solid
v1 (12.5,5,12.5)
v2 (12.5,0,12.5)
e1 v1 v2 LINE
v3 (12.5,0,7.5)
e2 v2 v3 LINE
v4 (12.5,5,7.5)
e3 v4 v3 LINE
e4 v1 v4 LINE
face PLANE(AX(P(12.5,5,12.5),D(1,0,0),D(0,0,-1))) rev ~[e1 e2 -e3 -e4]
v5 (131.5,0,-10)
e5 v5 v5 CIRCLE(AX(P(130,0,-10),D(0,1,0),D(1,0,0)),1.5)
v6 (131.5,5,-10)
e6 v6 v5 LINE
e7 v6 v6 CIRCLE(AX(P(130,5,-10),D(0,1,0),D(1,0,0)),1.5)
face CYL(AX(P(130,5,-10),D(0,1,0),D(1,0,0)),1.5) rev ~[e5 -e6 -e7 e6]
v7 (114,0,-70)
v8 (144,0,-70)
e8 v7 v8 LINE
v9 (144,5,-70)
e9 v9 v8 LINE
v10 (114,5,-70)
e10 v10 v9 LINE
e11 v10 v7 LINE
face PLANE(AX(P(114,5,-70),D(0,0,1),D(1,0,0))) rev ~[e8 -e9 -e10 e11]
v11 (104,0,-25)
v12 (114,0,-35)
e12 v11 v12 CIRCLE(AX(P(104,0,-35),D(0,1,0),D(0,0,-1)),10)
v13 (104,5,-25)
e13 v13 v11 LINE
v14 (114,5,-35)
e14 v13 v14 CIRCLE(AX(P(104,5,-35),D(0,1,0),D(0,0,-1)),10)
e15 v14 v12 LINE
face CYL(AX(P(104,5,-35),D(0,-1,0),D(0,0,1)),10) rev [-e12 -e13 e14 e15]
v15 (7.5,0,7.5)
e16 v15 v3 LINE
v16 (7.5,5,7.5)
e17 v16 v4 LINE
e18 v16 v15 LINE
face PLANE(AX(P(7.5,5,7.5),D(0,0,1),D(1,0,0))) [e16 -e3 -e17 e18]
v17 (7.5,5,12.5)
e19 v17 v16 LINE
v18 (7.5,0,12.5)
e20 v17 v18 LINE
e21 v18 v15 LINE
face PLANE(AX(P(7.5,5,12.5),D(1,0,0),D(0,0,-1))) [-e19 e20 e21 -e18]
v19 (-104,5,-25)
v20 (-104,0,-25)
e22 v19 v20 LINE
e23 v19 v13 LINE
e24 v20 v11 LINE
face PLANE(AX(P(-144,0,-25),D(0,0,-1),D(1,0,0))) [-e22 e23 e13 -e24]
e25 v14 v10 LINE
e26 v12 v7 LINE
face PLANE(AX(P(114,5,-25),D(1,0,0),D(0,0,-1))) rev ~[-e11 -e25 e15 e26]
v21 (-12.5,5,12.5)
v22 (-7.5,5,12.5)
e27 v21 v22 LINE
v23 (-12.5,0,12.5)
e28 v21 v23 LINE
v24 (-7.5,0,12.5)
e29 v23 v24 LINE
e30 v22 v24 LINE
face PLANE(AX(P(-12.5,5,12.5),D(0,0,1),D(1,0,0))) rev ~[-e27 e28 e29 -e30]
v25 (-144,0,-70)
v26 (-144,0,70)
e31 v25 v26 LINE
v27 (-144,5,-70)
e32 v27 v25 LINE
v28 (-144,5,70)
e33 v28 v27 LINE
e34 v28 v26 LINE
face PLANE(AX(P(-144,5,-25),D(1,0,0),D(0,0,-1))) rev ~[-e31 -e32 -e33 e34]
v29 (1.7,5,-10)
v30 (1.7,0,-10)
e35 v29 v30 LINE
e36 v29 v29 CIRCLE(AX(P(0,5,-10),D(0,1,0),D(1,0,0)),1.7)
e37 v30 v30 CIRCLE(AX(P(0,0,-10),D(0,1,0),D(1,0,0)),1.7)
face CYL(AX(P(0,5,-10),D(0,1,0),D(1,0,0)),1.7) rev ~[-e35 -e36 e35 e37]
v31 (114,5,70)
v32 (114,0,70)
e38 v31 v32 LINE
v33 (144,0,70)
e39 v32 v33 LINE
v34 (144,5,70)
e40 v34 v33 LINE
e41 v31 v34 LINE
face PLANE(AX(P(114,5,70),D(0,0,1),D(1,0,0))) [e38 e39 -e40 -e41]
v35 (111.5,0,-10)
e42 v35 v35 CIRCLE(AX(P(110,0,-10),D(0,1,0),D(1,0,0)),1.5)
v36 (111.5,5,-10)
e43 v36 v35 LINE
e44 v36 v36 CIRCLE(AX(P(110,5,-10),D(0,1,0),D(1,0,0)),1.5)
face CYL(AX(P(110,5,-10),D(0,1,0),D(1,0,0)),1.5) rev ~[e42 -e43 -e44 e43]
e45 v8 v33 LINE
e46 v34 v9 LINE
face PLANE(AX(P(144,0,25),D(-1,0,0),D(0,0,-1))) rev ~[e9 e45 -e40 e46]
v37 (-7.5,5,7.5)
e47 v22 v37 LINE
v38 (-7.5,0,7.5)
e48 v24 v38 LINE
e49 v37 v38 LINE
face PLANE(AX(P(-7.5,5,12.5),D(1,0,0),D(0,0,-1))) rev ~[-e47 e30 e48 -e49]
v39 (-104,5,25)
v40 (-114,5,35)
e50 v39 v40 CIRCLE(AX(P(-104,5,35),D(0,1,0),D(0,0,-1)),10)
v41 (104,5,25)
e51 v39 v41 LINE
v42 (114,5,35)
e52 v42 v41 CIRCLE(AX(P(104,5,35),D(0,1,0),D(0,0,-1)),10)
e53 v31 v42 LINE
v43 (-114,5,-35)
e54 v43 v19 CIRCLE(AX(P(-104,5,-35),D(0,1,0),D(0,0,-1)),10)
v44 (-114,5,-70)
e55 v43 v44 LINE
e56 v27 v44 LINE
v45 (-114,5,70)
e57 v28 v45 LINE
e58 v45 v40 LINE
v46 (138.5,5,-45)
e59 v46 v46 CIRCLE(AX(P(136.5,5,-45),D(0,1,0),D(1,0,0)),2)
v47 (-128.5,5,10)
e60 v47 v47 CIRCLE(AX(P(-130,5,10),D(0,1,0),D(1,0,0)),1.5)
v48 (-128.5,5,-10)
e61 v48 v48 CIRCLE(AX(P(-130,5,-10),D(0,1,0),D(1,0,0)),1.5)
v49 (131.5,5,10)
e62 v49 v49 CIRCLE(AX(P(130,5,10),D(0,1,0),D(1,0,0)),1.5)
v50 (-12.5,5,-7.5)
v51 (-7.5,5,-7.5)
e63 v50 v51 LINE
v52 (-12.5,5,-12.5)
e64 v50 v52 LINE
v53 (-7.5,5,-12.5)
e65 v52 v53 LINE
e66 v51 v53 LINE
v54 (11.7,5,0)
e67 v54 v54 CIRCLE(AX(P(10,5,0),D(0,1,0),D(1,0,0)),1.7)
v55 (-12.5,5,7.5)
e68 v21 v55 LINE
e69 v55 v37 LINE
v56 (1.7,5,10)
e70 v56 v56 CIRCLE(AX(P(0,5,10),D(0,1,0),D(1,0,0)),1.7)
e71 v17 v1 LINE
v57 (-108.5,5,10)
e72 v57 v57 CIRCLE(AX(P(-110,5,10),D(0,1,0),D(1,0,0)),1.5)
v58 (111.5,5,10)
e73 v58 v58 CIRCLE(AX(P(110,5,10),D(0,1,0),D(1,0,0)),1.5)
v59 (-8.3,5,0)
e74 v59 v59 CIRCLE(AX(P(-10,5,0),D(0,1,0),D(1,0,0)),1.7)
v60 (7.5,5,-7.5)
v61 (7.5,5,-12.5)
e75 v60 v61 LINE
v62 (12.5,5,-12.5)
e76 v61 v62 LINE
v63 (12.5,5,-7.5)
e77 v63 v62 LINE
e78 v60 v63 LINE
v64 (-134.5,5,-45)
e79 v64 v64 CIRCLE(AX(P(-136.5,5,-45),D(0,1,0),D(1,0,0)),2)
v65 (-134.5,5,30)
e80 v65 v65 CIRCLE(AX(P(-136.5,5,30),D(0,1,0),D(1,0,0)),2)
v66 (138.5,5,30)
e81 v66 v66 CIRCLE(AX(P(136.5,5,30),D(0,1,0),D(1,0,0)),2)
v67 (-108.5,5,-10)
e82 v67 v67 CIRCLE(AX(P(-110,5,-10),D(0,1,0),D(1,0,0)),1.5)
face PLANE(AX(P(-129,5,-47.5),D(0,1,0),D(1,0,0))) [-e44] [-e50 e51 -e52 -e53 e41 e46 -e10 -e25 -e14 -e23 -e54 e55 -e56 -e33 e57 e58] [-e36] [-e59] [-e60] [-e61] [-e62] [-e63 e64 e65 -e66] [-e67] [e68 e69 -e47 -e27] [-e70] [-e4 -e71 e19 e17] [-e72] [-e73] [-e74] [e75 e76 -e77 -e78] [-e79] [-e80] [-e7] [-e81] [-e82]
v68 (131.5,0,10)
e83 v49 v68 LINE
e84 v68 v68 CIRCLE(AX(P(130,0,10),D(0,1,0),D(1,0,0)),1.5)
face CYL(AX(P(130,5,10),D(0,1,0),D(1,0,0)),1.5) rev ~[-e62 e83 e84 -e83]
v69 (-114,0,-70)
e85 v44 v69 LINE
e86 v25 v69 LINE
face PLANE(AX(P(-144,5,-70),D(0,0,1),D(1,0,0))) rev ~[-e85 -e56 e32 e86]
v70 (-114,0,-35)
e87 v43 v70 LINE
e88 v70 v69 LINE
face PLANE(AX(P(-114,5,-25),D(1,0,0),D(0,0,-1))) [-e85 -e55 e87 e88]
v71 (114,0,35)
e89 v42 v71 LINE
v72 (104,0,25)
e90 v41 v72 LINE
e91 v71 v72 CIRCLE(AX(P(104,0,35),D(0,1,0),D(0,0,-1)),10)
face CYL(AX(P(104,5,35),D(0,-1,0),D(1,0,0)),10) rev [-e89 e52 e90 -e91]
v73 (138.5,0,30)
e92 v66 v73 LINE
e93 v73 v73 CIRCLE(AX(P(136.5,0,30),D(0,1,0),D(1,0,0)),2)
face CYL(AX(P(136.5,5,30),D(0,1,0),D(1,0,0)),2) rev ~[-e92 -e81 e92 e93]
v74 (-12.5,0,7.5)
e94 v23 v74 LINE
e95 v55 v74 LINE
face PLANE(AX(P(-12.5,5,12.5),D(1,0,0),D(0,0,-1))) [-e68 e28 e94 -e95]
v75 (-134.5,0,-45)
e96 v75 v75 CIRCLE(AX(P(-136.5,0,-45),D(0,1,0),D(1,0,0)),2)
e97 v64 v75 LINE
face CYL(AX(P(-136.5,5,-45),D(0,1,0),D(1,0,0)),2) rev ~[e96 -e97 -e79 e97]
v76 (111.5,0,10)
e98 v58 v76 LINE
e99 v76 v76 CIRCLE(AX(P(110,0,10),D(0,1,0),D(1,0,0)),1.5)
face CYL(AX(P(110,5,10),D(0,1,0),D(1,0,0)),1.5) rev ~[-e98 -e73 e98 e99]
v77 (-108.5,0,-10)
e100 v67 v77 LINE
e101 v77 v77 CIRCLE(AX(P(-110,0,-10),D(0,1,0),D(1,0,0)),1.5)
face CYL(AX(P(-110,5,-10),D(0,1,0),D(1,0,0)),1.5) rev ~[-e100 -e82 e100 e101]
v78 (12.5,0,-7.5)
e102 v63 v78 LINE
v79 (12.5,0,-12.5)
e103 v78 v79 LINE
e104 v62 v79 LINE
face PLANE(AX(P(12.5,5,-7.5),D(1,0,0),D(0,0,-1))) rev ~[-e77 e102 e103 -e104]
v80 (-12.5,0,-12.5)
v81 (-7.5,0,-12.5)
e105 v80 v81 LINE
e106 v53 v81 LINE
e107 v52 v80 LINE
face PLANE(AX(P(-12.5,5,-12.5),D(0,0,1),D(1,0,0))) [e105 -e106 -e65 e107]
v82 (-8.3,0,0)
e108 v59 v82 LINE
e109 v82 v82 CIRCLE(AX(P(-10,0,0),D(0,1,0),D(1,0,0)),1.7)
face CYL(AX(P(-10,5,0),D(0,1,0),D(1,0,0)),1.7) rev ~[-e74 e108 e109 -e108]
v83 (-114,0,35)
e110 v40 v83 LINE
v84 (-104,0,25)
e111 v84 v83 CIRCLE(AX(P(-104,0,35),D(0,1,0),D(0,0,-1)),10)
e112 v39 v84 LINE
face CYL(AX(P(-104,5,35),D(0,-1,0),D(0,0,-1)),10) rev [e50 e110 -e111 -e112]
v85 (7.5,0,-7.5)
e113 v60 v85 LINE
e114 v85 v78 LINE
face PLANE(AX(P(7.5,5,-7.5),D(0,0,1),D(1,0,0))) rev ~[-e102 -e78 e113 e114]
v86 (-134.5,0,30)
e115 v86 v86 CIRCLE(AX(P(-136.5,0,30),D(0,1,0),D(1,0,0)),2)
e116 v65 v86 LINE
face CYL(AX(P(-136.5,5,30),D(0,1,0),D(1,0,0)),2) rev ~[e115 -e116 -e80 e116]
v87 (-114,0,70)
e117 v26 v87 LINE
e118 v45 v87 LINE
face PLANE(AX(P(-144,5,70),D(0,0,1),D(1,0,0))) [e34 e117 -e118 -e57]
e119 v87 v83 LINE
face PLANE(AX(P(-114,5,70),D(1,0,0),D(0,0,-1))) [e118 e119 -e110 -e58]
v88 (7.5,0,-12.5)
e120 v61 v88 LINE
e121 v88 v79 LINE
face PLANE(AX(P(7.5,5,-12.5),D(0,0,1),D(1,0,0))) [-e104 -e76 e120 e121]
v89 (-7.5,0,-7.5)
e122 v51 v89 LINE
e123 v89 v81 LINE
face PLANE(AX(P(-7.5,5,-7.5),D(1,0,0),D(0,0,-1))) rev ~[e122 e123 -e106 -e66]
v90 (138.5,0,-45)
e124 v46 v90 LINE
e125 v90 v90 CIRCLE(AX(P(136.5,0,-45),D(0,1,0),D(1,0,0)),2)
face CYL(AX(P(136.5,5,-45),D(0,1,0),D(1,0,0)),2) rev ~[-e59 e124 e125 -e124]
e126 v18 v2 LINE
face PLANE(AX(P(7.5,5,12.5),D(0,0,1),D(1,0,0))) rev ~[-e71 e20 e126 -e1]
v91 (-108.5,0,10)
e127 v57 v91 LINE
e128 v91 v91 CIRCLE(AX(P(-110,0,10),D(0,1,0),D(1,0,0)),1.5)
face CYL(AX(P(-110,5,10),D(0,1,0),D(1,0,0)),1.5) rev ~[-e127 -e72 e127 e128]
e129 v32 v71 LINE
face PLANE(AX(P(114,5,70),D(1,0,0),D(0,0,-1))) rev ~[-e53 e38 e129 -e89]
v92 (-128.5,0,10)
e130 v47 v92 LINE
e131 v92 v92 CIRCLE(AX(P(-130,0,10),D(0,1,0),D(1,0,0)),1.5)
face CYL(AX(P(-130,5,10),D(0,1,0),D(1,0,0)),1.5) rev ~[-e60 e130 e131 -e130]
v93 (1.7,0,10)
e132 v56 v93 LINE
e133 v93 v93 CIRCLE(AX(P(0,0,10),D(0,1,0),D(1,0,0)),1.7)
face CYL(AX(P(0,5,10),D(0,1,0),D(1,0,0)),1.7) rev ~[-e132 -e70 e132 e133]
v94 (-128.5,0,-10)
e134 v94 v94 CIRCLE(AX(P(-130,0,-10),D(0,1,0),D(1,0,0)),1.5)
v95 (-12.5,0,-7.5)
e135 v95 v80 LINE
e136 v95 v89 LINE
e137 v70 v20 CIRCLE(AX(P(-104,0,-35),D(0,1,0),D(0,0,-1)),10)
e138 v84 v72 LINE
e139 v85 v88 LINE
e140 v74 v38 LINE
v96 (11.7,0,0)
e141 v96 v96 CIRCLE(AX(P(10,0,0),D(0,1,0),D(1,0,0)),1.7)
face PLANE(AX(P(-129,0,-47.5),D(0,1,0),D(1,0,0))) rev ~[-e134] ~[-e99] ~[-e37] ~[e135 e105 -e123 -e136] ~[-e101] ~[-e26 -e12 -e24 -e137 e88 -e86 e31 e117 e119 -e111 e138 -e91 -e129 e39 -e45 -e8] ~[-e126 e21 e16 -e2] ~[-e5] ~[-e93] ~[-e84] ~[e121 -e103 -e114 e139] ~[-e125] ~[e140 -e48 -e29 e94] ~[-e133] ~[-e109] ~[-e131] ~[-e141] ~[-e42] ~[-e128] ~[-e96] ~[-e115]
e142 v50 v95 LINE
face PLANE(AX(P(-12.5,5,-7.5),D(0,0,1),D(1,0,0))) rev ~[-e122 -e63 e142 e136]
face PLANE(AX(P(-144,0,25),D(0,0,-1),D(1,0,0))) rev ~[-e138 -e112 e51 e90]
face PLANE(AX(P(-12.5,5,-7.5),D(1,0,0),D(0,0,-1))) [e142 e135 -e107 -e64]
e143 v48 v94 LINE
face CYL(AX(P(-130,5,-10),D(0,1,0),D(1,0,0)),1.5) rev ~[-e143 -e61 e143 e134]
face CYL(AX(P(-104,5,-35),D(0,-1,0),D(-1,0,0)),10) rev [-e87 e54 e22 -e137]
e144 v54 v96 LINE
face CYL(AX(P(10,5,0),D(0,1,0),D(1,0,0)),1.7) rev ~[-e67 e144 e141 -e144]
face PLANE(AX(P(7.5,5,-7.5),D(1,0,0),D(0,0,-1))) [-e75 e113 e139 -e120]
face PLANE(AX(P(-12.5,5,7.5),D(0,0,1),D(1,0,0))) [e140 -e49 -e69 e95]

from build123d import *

# Parameters (mm, degrees)
SKETCH1_W           = 288
SKETCH1_H           = 50
BOSS_EXTRUDE1_DEPTH = 5
SKETCH2_R           = 1.5
CUT_EXTRUDE1_DEPTH  = 5
SKETCH3_W           = 30
SKETCH3_H           = 45
BOSS_EXTRUDE2_DEPTH = 5
FILLET1_R           = 10
SKETCH4_W           = 5
SKETCH4_H           = 5
CUT_EXTRUDE2_DEPTH  = 5
SKETCH5_R           = 1.7
CUT_EXTRUDE3_DEPTH  = 5
SKETCH7_R           = 2
CUT_EXTRUDE4_DEPTH  = 10


with BuildPart() as part:
    # Sketch1 → Boss-Extrude1 (new body)
    with BuildSketch(Plane(origin=(0, 0, 0), x_dir=(1, 0, 0), z_dir=(0, 1, 0))):
        Rectangle(SKETCH1_W, SKETCH1_H)
    extrude(amount=BOSS_EXTRUDE1_DEPTH)

    # Sketch2 → Cut-Extrude1 (cut)
    with BuildSketch(Plane(origin=(0, 5, 0), x_dir=(1, 0, 0), z_dir=(0, 1, 0))):
        with Locations((-130, 10)):
            Circle(SKETCH2_R)
        with Locations((-110, 10)):
            Circle(SKETCH2_R)
        with Locations((-110, -10)):
            Circle(SKETCH2_R)
        with Locations((-130, -10)):
            Circle(SKETCH2_R)
        with Locations((130, -10)):
            Circle(SKETCH2_R)
        with Locations((110, -10)):
            Circle(SKETCH2_R)
        with Locations((110, 10)):
            Circle(SKETCH2_R)
        with Locations((130, 10)):
            Circle(SKETCH2_R)
    extrude(amount=-CUT_EXTRUDE1_DEPTH, mode=Mode.SUBTRACT)

    # Sketch3 → Boss-Extrude2 (add)
    with BuildSketch(Plane(origin=(0, 5, 0), x_dir=(1, 0, 0), z_dir=(0, 1, 0))):
        with Locations((-129, 47.5)):
            Rectangle(SKETCH3_W, SKETCH3_H)
        with Locations((-129, -47.5)):
            Rectangle(SKETCH3_W, SKETCH3_H)
        with Locations((129, -47.5)):
            Rectangle(SKETCH3_W, SKETCH3_H)
        with Locations((129, 47.5)):
            Rectangle(SKETCH3_W, SKETCH3_H)
    extrude(amount=-BOSS_EXTRUDE2_DEPTH)

    # Fillet1
    fillet1_edges = [part.edges().sort_by_distance(p)[0] for p in [
        (-114, 2.5, -25),
        (-114, 2.5, 25),
        (114, 2.5, 25),
        (114, 2.5, -25),
    ]]
    fillet(fillet1_edges, radius=FILLET1_R)

    # Sketch4 → Cut-Extrude2 (cut)
    with BuildSketch(Plane(origin=(0, 5, 0), x_dir=(1, 0, 0), z_dir=(0, 1, 0))):
        with Locations((10, 10)):
            Rectangle(SKETCH4_W, SKETCH4_H)
        with Locations((-10, 10)):
            Rectangle(SKETCH4_W, SKETCH4_H)
        with Locations((-10, -10)):
            Rectangle(SKETCH4_W, SKETCH4_H)
        with Locations((10, -10)):
            Rectangle(SKETCH4_W, SKETCH4_H)
    extrude(amount=-CUT_EXTRUDE2_DEPTH, mode=Mode.SUBTRACT)

    # Sketch5 → Cut-Extrude3 (cut)
    with BuildSketch(Plane(origin=(0, 5, 0), x_dir=(1, 0, 0), z_dir=(0, 1, 0))):
        with Locations((0, 10)):
            Circle(SKETCH5_R)
        with Locations((0, -10)):
            Circle(SKETCH5_R)
        with Locations((10, 0)):
            Circle(SKETCH5_R)
        with Locations((-10, 0)):
            Circle(SKETCH5_R)
    extrude(amount=-CUT_EXTRUDE3_DEPTH, mode=Mode.SUBTRACT)

    # Sketch7 → Cut-Extrude4 (cut)
    with BuildSketch(Plane(origin=(0, 5, 0), x_dir=(1, 0, 0), z_dir=(0, 1, 0))):
        with Locations((-136.5, 45)):
            Circle(SKETCH7_R)
        with Locations((-136.5, -30)):
            Circle(SKETCH7_R)
        with Locations((136.5, -30)):
            Circle(SKETCH7_R)
        with Locations((136.5, 45)):
            Circle(SKETCH7_R)
    extrude(amount=-CUT_EXTRUDE4_DEPTH, mode=Mode.SUBTRACT)


solid = part.part
